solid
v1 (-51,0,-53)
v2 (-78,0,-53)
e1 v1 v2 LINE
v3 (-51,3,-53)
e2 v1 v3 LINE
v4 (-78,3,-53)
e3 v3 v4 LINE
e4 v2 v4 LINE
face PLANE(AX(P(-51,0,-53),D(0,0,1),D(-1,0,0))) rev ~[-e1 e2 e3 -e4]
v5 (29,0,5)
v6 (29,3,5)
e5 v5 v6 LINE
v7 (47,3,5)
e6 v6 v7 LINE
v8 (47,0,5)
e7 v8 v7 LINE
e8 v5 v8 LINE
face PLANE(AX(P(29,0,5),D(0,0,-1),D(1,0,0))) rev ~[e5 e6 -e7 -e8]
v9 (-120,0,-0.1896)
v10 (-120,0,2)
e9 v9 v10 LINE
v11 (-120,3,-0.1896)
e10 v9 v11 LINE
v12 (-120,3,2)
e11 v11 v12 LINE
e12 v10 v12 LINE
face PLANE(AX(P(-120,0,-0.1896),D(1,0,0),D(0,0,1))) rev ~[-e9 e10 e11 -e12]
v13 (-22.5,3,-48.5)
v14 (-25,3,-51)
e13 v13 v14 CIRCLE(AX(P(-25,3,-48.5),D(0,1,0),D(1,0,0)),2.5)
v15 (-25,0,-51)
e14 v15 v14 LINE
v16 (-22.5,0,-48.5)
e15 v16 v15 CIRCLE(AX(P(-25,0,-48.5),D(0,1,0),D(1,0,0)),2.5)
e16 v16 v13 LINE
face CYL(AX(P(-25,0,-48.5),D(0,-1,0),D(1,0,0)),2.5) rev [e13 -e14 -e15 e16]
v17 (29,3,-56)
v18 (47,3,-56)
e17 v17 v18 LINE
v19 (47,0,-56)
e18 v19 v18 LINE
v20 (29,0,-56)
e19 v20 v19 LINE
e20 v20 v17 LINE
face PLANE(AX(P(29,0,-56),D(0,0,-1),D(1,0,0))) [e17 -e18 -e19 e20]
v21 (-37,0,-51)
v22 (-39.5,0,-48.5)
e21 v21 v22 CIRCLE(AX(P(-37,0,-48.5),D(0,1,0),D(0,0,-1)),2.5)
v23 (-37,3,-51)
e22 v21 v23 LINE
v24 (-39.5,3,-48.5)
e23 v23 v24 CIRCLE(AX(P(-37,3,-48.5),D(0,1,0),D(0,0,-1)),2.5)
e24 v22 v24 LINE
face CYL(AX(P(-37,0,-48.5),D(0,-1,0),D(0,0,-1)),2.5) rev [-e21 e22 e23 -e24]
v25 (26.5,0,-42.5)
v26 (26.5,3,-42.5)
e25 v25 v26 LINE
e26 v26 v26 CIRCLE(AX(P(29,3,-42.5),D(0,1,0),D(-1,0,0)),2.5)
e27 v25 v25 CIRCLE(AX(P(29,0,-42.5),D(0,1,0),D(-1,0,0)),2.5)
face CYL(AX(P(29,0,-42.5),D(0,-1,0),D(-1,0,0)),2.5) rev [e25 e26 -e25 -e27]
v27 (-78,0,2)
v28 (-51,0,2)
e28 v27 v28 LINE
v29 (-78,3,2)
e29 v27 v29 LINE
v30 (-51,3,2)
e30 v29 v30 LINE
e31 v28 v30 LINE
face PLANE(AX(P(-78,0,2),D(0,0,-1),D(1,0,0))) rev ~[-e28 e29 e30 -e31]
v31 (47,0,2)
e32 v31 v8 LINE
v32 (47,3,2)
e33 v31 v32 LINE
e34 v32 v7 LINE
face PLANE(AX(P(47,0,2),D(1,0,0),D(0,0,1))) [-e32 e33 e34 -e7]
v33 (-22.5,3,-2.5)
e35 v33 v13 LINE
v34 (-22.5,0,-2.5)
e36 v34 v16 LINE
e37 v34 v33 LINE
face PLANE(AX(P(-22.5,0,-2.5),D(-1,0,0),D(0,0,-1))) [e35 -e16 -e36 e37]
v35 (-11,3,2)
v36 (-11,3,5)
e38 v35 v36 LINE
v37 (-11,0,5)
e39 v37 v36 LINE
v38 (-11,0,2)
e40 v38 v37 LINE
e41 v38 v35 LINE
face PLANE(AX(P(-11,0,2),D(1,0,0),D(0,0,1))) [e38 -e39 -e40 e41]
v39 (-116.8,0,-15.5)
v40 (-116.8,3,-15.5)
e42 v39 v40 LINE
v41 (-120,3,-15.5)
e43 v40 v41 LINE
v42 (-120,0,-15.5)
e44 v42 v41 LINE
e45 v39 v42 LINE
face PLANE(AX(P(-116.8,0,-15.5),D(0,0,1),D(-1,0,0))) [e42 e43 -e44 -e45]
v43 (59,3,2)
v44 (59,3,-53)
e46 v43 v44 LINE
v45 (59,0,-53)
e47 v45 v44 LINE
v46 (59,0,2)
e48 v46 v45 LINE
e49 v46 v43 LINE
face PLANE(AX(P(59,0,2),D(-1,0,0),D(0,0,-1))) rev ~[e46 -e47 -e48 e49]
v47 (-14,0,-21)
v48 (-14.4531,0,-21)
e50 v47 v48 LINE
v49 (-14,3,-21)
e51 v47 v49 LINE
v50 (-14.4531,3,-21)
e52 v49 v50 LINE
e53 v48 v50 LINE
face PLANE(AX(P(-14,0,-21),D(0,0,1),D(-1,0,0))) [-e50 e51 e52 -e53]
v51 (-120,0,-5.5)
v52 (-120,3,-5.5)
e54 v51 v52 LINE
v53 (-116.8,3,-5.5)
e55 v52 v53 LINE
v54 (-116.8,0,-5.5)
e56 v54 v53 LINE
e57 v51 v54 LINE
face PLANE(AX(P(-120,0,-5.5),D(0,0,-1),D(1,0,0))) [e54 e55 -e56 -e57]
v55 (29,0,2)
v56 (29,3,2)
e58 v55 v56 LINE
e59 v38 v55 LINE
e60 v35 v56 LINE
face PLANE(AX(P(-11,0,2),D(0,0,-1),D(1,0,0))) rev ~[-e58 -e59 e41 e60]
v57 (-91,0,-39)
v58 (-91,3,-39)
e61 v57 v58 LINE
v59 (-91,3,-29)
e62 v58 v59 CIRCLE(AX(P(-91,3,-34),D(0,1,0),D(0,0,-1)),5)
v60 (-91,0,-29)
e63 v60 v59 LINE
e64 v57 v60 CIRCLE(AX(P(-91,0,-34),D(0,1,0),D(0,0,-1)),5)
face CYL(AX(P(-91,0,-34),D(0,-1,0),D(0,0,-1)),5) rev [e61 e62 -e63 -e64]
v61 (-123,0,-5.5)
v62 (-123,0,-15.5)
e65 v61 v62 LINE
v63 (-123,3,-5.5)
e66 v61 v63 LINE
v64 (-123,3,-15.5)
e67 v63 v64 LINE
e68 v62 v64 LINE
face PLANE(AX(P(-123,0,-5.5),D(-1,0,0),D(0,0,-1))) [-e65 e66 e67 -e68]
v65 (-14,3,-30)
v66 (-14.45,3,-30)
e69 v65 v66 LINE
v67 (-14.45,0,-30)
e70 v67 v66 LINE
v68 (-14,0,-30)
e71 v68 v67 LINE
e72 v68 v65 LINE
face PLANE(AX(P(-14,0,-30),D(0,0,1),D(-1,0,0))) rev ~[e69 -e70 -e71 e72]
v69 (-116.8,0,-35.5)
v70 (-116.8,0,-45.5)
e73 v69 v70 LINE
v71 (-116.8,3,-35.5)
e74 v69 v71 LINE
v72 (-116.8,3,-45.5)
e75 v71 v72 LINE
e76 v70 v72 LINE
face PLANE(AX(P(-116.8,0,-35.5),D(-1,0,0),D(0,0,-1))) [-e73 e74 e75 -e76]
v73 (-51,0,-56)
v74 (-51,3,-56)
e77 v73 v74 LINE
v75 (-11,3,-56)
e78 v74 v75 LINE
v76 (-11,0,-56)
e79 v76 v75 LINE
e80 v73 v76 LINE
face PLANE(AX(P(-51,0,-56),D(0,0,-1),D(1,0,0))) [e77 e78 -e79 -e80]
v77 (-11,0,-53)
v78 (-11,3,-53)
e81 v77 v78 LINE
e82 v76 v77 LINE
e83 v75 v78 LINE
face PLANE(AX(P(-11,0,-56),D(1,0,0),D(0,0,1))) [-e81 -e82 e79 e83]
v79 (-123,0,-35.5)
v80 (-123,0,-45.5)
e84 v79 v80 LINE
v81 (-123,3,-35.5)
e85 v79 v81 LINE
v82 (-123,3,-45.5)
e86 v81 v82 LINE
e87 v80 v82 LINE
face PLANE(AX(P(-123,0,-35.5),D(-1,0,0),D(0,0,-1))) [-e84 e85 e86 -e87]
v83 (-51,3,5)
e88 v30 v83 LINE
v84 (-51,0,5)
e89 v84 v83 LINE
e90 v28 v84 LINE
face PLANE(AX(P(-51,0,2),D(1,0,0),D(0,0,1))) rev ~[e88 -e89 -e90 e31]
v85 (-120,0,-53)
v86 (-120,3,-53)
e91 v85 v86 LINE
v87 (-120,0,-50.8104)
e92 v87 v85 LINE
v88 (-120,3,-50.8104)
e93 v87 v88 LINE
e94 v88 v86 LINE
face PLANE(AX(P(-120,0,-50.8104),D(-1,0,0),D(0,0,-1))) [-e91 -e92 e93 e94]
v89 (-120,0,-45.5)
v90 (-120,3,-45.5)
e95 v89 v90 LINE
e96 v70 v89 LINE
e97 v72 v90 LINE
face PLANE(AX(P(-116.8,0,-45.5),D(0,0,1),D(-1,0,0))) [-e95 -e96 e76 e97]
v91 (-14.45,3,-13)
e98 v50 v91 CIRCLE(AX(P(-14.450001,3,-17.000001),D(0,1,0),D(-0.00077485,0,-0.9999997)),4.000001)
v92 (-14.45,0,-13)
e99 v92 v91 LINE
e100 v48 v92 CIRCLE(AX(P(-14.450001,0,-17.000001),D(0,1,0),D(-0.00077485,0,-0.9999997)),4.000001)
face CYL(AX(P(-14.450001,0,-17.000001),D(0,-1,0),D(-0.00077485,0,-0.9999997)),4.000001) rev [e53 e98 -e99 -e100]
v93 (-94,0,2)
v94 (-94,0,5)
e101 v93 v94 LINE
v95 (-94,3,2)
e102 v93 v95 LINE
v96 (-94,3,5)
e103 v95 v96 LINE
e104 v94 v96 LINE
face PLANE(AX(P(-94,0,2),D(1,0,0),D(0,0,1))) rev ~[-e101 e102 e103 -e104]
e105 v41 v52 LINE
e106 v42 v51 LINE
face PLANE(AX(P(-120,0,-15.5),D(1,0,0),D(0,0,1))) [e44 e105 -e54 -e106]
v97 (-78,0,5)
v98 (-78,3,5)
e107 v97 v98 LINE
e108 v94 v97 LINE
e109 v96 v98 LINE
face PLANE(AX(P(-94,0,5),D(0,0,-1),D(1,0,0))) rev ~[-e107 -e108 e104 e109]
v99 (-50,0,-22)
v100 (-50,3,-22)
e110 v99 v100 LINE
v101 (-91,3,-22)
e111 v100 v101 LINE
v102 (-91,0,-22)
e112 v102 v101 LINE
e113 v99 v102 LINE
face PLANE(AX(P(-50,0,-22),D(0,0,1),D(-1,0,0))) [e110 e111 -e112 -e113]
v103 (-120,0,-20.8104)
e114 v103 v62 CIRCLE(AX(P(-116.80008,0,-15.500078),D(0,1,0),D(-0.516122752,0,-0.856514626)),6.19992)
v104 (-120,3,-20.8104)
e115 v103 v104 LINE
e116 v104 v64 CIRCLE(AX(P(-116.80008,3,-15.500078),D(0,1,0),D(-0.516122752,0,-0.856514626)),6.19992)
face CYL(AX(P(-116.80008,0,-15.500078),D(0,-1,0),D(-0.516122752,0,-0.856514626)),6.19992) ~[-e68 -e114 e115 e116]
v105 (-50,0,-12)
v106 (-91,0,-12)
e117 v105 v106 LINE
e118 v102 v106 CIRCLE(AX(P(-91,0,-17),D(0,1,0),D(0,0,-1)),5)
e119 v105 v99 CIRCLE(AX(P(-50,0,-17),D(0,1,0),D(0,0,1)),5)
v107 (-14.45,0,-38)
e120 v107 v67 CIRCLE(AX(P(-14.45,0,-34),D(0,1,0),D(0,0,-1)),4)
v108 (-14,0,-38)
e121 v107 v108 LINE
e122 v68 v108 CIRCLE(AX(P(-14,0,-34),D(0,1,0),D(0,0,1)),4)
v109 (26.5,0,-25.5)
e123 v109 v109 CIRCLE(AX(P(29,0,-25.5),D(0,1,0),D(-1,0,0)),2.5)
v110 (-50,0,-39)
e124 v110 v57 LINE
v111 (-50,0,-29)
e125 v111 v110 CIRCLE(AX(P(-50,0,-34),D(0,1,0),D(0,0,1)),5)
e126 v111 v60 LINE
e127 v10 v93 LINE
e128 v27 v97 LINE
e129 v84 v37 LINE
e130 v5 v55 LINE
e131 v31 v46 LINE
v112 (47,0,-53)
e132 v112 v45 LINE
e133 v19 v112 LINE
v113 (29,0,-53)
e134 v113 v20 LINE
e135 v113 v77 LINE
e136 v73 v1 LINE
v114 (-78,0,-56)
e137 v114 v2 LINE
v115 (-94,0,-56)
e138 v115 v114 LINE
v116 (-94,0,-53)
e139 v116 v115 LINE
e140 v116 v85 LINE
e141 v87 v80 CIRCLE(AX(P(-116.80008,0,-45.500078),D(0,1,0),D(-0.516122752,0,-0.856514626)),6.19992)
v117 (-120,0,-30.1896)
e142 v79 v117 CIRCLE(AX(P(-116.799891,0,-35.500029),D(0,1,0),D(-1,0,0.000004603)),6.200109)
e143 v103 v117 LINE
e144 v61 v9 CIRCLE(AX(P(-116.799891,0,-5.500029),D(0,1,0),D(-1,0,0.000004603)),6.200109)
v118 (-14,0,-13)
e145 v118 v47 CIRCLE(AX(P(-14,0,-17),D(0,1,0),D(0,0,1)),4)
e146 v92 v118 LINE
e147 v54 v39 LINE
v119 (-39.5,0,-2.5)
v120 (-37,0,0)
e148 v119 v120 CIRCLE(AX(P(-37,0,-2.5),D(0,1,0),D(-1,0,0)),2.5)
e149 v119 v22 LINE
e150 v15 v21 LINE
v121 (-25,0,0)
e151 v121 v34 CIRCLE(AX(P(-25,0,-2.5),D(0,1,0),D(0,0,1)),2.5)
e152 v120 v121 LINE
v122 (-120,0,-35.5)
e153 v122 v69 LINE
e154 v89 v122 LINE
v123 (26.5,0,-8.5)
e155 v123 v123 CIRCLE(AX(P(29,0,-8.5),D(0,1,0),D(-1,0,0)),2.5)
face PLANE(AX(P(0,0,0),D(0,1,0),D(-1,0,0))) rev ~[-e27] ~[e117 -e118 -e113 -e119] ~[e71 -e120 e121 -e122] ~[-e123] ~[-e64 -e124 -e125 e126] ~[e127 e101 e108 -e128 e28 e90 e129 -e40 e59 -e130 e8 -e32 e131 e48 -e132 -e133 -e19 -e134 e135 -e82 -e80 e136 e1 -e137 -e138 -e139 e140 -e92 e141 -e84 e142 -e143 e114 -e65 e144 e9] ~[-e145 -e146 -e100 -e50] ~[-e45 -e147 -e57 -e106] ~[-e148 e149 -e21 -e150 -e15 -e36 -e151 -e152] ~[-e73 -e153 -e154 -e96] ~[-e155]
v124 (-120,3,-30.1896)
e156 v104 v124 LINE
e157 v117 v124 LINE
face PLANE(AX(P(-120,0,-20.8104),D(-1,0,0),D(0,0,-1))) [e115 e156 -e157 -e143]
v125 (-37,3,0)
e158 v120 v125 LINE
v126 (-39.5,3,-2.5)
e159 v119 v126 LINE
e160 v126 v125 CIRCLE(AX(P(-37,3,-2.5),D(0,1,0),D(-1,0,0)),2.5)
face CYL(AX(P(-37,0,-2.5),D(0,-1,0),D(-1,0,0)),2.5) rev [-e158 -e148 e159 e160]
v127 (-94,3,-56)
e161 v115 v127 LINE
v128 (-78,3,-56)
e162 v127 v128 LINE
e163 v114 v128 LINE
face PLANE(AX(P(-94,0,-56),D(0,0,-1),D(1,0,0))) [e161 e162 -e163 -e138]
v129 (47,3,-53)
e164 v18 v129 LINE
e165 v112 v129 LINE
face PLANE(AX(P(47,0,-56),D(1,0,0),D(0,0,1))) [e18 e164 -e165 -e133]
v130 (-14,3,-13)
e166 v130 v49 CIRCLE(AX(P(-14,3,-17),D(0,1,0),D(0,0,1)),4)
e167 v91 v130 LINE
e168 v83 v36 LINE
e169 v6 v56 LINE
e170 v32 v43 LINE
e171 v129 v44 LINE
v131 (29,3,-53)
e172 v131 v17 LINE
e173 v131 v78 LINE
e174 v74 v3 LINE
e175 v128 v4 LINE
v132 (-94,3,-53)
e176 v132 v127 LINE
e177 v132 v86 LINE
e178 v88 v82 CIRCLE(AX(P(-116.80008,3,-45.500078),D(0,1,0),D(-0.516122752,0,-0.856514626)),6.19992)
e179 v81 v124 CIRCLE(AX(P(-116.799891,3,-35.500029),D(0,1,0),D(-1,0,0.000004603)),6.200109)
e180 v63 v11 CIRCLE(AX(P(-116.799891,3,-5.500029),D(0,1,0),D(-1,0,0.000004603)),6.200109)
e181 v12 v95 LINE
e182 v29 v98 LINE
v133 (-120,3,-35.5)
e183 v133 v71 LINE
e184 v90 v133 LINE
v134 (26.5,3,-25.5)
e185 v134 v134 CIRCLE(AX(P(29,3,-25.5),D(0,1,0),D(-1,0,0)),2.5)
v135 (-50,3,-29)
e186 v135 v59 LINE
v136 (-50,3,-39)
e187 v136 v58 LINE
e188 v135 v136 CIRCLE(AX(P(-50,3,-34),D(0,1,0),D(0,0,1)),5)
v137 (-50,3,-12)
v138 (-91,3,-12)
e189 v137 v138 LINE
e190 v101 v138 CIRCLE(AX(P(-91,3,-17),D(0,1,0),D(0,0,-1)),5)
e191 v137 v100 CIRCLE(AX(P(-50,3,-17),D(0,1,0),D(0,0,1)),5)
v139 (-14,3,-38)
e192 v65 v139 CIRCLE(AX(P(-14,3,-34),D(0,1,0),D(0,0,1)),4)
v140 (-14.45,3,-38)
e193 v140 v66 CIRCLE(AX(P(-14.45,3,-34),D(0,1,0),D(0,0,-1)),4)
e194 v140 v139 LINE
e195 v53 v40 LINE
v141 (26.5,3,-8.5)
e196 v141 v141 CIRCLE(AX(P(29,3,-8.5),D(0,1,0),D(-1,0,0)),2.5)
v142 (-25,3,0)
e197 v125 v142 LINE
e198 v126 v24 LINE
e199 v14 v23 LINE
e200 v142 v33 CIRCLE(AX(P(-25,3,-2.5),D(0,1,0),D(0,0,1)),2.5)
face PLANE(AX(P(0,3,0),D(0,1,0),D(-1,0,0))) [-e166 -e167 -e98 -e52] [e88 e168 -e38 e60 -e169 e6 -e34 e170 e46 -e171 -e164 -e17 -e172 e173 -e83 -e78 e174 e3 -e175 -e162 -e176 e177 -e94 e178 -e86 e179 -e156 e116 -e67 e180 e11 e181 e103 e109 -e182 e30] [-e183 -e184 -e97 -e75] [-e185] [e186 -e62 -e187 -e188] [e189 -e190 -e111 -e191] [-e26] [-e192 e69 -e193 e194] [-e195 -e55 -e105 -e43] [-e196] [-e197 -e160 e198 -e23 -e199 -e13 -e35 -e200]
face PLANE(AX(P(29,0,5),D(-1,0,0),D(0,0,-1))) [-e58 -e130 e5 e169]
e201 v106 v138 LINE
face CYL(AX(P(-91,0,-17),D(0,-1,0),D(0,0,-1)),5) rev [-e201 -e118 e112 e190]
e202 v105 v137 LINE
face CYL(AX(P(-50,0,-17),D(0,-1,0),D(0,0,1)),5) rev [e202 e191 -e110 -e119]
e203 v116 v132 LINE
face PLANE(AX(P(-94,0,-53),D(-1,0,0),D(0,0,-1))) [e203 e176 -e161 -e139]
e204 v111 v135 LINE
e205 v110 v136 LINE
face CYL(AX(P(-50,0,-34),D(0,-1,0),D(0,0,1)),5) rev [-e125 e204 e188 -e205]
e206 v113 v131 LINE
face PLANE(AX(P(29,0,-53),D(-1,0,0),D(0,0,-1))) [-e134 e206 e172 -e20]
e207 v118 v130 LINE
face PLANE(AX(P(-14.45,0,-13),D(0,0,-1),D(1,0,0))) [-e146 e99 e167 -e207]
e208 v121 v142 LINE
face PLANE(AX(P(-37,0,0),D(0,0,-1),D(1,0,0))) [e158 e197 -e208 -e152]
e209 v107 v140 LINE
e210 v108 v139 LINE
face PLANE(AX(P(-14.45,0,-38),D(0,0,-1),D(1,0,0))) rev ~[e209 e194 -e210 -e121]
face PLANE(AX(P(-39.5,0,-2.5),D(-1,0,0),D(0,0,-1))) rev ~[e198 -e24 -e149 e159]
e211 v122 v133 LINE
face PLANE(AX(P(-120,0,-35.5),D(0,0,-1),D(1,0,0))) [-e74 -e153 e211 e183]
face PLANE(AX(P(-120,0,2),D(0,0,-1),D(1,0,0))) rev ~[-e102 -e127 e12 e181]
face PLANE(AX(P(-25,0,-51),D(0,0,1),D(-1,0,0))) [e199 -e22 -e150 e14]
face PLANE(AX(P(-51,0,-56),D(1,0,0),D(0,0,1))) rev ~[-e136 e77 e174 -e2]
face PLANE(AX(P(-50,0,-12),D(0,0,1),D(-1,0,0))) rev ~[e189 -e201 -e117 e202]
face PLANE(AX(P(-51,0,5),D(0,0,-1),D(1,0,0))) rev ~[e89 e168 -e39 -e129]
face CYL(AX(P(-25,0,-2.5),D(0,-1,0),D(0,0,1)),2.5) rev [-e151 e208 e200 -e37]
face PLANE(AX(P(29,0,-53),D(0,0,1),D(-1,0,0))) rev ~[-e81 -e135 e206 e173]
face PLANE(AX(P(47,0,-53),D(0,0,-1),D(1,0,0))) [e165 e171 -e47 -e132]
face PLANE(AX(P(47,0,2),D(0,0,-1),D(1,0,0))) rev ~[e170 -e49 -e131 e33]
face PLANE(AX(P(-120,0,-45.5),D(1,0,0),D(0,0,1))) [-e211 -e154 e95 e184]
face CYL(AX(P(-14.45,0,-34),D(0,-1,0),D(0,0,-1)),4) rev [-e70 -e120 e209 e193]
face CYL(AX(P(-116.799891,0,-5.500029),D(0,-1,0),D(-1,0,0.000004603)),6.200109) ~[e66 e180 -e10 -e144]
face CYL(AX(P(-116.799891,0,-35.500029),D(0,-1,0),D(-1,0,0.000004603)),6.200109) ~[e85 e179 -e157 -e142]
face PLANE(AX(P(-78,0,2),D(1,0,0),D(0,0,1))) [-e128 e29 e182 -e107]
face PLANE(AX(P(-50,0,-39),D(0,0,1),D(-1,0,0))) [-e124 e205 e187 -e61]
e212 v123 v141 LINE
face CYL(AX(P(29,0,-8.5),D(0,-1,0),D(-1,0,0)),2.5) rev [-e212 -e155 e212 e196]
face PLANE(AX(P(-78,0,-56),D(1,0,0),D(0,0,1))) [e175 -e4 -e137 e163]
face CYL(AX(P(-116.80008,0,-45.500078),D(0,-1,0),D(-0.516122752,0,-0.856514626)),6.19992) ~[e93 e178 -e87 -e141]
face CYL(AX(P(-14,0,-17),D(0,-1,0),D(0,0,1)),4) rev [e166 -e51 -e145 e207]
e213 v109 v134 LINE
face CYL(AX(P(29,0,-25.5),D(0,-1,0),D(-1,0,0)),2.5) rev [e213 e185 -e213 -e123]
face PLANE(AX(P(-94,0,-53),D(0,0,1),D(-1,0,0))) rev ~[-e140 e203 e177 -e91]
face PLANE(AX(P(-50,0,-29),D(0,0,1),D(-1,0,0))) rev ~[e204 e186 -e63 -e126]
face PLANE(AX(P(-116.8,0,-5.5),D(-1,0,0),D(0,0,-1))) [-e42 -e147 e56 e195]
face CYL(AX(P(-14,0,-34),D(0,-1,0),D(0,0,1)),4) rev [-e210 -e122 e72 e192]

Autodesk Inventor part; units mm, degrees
ref_plane "YZ Plane" through (0, 0, 0) normal (1, 0, 0) x (0, 1, 0)
ref_plane "XZ Plane" through (0, 0, 0) normal (0, 1, 0) x (-1, 0, 0)
ref_plane "XY Plane" through (0, 0, 0) normal (0, 0, 1) x (1, 0, 0)
sketch "Sketch1" plane through (0, 0, 0) normal (0, 1, 0) x (-1, 0, 0)
  line L0 (37.5, -2) -> (24.5, -2) construction
  line L1 (24.5, -2) -> (24.5, -15) construction
  line L2 (24.5, -15) -> (37.5, -15) construction
  line L3 (37.5, -15) -> (37.5, -2) construction
  line L4 (56.9183, -8.5) -> (8.3915, -8.5) construction
  line L5 (0, -17) -> (105, -17) construction
  line L6 (0, 0) -> (0, -51) construction
  line L7 (0, -34) -> (105, -34) construction
  line L8 (105, -51) -> (105, 0) construction
  line L9 (31, 19) -> (31, -51) construction
  line L10 (56.8064, -25.5) -> (17, -25.5) construction
  line L11 (24.5, -19) -> (24.5, -32) construction
  line L12 (37.5, -19) -> (24.5, -19) construction
  line L13 (37.5, -32) -> (37.5, -19) construction
  line L14 (24.5, -32) -> (37.5, -32) construction
  line L15 (24.5, -36) -> (24.5, -49) construction
  line L16 (37.5, -36) -> (24.5, -36) construction
  line L17 (37.5, -49) -> (37.5, -36) construction
  line L18 (24.5, -49) -> (37.5, -49) construction
  line L19 (56.3008, -42.5) -> (16.5498, -42.5) construction
  arc A0 (50, -12) -> (50, -22) centre (50, -17) ccw
  arc A1 (91, -22) -> (91, -12) centre (91, -17) ccw
  arc A2 (50, -29) -> (50, -39) centre (50, -34) ccw
  arc A3 (91, -39) -> (91, -29) centre (91, -34) ccw
  line L20 (50, -12) -> (91, -12)
  line L21 (50, -22) -> (91, -22)
  line L22 (50, -29) -> (91, -29)
  line L23 (50, -39) -> (91, -39)
  arc A4 (14.45, -38) -> (14.45, -30) centre (14.45, -34) ccw
  line L24 (103.5, -49.5) -> (103.5, -1.5) construction
  line L25 (1.5, -1.5) -> (1.5, -49.5) construction
  arc A5 (14, -30) -> (14, -38) centre (14, -34) ccw
  arc A6 (14, -13) -> (14, -21) centre (14, -17) ccw
  line L26 (14.45, -38) -> (14, -38)
  line L27 (14, -30) -> (14.45, -30)
  line L28 (14, -21) -> (14.4531, -21)
  line L29 (14.45, -13) -> (14, -13)
  arc A7 (14.4531, -21) -> (14.45, -13) centre (14.45, -17) ccw
  arc A8 (96.5, -51) -> (93, -47.5) centre (93, -51) ccw construction
  arc A9 (50, -47.5) -> (46.5, -51) centre (50, -51) ccw construction
  arc A10 (97.7697, -49.5) -> (93, -46) centre (93, -51) ccw construction
  line L30 (93, -46) -> (50, -46) construction
  line L31 (96.5, -51) -> (105, -51) construction
  line L32 (93, -47.5) -> (50, -47.5) construction
  line L33 (105, -49.5) -> (97.7697, -49.5) construction
  arc A11 (50, -46) -> (45.2303, -49.5) centre (50, -51) ccw construction
  arc A12 (45.2303, -1.5) -> (50, -5) centre (50, 0) ccw construction
  arc A13 (46.5, 0) -> (50, -3.5) centre (50, 0) ccw construction
  line L34 (93, -3.5) -> (50, -3.5) construction
  line L35 (93, -5) -> (50, -5) construction
  line L36 (97.7697, -1.5) -> (105, -1.5) construction
  line L37 (105, 0) -> (96.5, 0) construction
  arc A14 (93, -3.5) -> (96.5, 0) centre (93, 0) ccw construction
  arc A15 (93, -5) -> (97.7697, -1.5) centre (93, 0) ccw construction
  arc A16 (17.95, -51) -> (14.45, -47.5) centre (14.45, -51) ccw construction
  arc A17 (12, -47.5) -> (8.5, -51) centre (12, -51) ccw construction
  line L38 (14.45, -46) -> (12, -46) construction
  line L39 (14.45, -47.5) -> (12, -47.5) construction
  arc A18 (12, -46) -> (7.2303, -49.5) centre (12, -51) ccw construction
  arc A19 (19.2197, -49.5) -> (14.45, -46) centre (14.45, -51) ccw construction
  line L40 (45.2303, -49.5) -> (19.2197, -49.5) construction
  line L41 (7.2303, -49.5) -> (0, -49.5) construction
  line L42 (0, -51) -> (8.5, -51) construction
  line L43 (17.95, -51) -> (46.5, -51) construction
  line L44 (14.45, -5) -> (12, -5) construction
  line L45 (14.45, -3.5) -> (12, -3.5) construction
  arc A20 (8.5, 0) -> (12, -3.5) centre (12, 0) ccw construction
  arc A21 (14.45, -3.5) -> (17.95, 0) centre (14.45, 0) ccw construction
  arc A22 (7.2303, -1.5) -> (12, -5) centre (12, 0) ccw construction
  arc A23 (14.45, -5) -> (19.2197, -1.5) centre (14.45, 0) ccw construction
  line L46 (46.5, 0) -> (17.95, 0) construction
  line L47 (8.5, 0) -> (0, 0) construction
  line L48 (0, -1.5) -> (7.2303, -1.5) construction
  line L49 (19.2197, -1.5) -> (45.2303, -1.5) construction
  arc A24 (39.5, -2.5) -> (37, 0) centre (37, -2.5) ccw
  arc A25 (25, 0) -> (22.5, -2.5) centre (25, -2.5) ccw
  arc A26 (37, -51) -> (39.5, -48.5) centre (37, -48.5) ccw
  arc A27 (22.5, -48.5) -> (25, -51) centre (25, -48.5) ccw
  line L50 (39.5, -2.5) -> (39.5, -48.5)
  line L51 (37, 0) -> (25, 0)
  line L52 (22.5, -2.5) -> (22.5, -48.5)
  line L53 (25, -51) -> (37, -51)
  line L54 (51, -56) -> (51, -53)
  line L55 (11, -56) -> (11, -53)
  line L56 (78, -56) -> (78, -53)
  line L57 (94, -53) -> (94, -56)
  line L58 (-47, -56) -> (-47, -53)
  line L59 (94, 2) -> (94, 5)
  line L60 (78, 2) -> (78, 5)
  line L61 (51, 2) -> (51, 5)
  line L62 (11, 2) -> (11, 5)
  line L63 (-47, 2) -> (-47, 5)
  line L64 (-47, -53) -> (-59, -53)
  line L65 (-29, -53) -> (11, -53)
  line L66 (51, -53) -> (78, -53)
  line L67 (94, -53) -> (120, -53)
  line L68 (120, 2) -> (94, 2)
  line L69 (78, 2) -> (51, 2)
  line L70 (11, 2) -> (-29, 2)
  line L71 (-47, 2) -> (-59, 2)
  line L72 (-29, -53) -> (-29, -56)
  line L73 (-29, 5) -> (-29, 2)
  circle A28 centre (-29, -42.5) radius 2.5
  circle A29 centre (-29, -25.5) radius 2.5
  circle A30 centre (-29, -8.5) radius 2.5
  line L74 (51, 5) -> (11, 5)
  line L75 (94, 5) -> (78, 5)
  line L76 (-29, 5) -> (-47, 5)
  line L77 (94, -56) -> (78, -56)
  line L78 (51, -56) -> (11, -56)
  line L79 (-29, -56) -> (-47, -56)
  line L80 (120, -5.5) -> (116.8, -5.5)
  line L81 (116.8, -5.5) -> (116.8, -15.5)
  line L82 (116.8, -15.5) -> (120, -15.5)
  line L83 (120, -15.5) -> (120, -5.5)
  line L84 (120, -35.5) -> (116.8, -35.5)
  line L85 (116.8, -35.5) -> (116.8, -45.5)
  line L86 (116.8, -45.5) -> (120, -45.5)
  line L87 (120, -45.5) -> (120, -35.5)
  arc A31 (120, -20.8104) -> (123, -15.5) centre (116.8, -15.5) ccw
  line L88 (120, -20.8104) -> (120, -30.1896)
  arc A32 (123, -35.5) -> (120, -30.1896) centre (116.8, -35.5) ccw
  line L89 (123, -5.5) -> (123, -15.5)
  line L90 (123, -35.5) -> (123, -45.5)
  arc A33 (123, -5.5) -> (120, -0.1896) centre (116.8, -5.5) ccw
  line L91 (120, -0.1896) -> (120, 2)
  arc A34 (120, -50.8104) -> (123, -45.5) centre (116.8, -45.5) ccw
  line L92 (120, -50.8104) -> (120, -53)
  line L93 (-59, 2) -> (-59, -53)
  point P0 (31, -8.5)
  point P1 (31, -42.5)
  point P2 (31, -25.5)
  dimension "d0" = 13
  dimension "d2" = 17
  dimension "d3" = 31
  dimension "d4" = 105
  dimension "d5" = 17
  dimension "d6" = 17
  dimension "d7" = 10
  dimension "d8" = 1.5
  dimension "d9" = 1.5
  dimension "d10" = 4
  dimension "d11" = 1.5
  dimension "d12" = 1.5
  dimension "d13" = 1.5
  dimension "d14" = 17
  dimension "d15" = 17
  dimension "d16" = 12
  dimension "d17" = 14
  dimension "d21" = 12
  dimension "d38" = 40
  dimension "d39" = 27
  dimension "d40" = 16
  dimension "d56" = 3
  dimension "d64" = 14
  dimension "d65" = 19
  dimension "d66" = 10.5
  dimension "d67" = 2
  dimension "d109" = 5
  dimension "d118" = 40
  dimension "d120" = 18
  dimension "d131" = 10
  dimension "d132" = 3.2
  dimension "d134" = 20
  dimension "d136" = 3
  dimension "d138" = 26
  dimension "d140" = 12
  dimension "d141" = 30
  dimension "d142" = 2.5
  dimension "d143" = 2
  dimension "d144" = 2
  dimension "d145" = 16.55
extrude "Extrusion2" add sketch "Sketch1" along normal blind 3
properties part number "Top_plate2"
